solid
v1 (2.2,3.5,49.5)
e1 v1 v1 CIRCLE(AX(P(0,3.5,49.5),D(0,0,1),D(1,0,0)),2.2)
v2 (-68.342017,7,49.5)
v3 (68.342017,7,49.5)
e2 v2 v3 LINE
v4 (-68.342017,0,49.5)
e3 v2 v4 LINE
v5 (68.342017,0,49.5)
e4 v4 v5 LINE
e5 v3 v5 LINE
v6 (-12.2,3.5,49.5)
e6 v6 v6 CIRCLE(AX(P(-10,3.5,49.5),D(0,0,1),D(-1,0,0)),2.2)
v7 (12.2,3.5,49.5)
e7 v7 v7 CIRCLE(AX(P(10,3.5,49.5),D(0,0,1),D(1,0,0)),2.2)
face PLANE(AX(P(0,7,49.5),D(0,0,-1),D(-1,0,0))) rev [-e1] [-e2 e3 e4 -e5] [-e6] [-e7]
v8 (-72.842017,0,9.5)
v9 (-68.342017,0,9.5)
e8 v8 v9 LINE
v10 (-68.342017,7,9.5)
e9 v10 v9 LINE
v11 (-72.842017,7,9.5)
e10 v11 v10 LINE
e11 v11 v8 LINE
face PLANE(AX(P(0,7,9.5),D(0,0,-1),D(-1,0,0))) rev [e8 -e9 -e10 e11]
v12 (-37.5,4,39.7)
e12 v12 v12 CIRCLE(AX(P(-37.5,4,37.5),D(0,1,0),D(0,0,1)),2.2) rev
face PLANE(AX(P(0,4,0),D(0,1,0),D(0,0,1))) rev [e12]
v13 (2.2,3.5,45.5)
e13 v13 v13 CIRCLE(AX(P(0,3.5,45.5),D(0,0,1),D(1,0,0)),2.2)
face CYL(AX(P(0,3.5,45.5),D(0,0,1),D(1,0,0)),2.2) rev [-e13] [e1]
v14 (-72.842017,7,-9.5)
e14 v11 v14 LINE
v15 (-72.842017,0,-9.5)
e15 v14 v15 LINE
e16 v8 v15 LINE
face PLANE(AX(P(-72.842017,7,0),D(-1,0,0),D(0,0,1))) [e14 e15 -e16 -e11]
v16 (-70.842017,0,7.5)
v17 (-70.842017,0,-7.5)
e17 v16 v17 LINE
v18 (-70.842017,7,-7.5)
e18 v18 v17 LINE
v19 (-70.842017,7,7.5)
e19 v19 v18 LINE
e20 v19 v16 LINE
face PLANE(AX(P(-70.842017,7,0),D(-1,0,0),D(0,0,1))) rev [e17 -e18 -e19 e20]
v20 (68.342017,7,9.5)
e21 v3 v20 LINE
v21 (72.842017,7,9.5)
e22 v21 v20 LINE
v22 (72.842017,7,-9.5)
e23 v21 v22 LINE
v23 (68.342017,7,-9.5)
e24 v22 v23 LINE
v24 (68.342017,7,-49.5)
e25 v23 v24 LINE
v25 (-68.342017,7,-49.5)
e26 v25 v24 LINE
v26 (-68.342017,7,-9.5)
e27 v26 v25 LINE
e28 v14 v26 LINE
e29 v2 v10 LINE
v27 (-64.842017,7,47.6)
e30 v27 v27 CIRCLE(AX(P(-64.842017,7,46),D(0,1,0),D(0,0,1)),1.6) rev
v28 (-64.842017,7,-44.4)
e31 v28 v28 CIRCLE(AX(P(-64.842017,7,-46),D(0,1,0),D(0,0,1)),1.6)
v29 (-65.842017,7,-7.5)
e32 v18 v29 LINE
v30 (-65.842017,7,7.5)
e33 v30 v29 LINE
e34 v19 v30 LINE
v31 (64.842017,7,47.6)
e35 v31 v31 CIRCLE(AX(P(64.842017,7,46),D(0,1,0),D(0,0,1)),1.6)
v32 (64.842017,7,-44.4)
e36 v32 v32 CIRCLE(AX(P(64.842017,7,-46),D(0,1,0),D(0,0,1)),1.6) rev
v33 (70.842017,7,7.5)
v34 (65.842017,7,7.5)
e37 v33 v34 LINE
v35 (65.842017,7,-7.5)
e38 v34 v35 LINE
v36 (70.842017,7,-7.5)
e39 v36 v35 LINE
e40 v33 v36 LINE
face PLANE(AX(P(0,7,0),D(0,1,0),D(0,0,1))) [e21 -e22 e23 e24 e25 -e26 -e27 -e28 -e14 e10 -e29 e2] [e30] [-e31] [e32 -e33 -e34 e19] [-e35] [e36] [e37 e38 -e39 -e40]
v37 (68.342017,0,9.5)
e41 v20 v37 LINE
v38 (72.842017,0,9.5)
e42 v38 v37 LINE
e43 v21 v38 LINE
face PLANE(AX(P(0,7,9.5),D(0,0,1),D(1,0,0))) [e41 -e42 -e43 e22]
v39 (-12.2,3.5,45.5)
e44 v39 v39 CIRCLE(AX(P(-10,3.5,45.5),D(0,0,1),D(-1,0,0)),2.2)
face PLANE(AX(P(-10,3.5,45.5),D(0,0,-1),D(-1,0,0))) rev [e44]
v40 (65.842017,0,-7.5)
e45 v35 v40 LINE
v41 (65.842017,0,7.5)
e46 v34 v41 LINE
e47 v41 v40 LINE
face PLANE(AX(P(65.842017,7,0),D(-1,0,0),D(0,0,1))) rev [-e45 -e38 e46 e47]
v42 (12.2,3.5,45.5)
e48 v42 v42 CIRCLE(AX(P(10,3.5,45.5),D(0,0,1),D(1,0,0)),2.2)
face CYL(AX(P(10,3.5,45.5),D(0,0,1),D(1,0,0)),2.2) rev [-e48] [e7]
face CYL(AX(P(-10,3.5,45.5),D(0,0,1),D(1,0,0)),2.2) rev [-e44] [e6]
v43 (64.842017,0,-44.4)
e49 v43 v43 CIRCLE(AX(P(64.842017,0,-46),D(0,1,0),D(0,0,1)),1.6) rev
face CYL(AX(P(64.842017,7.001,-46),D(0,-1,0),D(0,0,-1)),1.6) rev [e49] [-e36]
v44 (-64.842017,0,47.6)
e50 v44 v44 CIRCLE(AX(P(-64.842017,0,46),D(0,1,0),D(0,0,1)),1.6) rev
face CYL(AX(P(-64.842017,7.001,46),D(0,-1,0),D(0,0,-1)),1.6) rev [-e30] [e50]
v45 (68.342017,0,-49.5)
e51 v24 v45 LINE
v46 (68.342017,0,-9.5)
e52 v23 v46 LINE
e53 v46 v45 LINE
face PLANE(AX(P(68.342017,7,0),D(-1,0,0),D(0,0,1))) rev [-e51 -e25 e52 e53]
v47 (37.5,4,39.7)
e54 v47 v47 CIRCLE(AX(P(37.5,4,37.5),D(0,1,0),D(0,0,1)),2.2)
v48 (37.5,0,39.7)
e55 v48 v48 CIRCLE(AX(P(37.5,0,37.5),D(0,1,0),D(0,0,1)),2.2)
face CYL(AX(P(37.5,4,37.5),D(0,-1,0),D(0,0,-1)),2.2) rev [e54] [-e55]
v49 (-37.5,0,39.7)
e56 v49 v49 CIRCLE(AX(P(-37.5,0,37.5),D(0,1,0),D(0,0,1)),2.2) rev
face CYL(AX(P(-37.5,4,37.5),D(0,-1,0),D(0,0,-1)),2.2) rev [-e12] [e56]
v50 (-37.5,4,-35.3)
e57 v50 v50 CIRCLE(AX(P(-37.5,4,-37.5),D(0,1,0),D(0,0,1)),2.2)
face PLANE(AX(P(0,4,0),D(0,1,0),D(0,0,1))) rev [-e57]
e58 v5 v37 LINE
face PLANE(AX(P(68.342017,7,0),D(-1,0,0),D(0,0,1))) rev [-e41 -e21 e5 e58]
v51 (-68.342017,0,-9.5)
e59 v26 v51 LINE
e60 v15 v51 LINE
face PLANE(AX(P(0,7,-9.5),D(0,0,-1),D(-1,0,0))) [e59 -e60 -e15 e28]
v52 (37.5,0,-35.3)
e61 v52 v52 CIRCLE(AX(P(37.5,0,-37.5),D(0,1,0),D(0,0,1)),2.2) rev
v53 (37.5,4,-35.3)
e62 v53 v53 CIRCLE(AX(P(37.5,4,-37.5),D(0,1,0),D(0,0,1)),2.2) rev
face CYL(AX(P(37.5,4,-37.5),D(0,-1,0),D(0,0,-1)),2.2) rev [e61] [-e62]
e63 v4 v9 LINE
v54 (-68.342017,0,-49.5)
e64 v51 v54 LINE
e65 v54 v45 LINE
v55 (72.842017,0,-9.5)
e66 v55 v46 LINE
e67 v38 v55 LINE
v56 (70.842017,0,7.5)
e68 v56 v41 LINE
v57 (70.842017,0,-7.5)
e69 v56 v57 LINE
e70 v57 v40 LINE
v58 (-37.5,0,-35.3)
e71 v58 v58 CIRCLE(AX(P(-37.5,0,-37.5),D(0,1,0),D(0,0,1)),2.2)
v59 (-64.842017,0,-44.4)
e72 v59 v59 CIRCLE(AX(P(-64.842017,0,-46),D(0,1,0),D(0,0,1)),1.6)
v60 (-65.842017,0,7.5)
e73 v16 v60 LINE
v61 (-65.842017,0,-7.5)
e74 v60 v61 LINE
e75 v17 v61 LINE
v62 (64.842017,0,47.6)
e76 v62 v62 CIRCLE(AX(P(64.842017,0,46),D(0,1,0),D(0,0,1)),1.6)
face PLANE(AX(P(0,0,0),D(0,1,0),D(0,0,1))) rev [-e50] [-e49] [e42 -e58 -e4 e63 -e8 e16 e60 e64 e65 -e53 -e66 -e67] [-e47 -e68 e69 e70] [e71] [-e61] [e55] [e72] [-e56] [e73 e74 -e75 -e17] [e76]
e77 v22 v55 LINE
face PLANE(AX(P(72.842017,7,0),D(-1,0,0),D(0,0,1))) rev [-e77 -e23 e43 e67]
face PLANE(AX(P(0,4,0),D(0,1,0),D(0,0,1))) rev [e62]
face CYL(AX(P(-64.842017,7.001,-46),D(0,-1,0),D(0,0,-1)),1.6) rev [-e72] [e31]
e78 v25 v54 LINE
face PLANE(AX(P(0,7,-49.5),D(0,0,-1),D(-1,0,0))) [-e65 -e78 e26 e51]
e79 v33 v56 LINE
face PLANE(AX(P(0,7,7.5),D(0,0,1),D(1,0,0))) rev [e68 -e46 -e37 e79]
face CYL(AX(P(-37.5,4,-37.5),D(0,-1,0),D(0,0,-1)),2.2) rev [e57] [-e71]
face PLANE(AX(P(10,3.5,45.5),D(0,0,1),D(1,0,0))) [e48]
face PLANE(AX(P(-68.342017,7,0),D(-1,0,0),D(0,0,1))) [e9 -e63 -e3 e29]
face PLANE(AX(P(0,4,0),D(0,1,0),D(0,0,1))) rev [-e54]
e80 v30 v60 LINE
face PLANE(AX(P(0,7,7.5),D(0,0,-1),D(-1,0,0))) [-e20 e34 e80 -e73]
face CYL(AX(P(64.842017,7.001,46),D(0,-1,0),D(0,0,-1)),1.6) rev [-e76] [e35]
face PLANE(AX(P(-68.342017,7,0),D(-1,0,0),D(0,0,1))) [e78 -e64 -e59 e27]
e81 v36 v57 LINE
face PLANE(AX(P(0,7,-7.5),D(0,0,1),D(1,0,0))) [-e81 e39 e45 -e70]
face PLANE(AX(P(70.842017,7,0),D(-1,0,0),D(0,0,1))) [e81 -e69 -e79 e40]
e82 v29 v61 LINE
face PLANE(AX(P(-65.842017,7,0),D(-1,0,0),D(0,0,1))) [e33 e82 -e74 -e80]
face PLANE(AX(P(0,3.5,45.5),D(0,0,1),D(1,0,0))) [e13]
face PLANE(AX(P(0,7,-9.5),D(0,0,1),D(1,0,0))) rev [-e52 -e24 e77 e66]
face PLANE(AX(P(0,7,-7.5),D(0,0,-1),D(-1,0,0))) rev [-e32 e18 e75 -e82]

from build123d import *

# Parameters (mm, degrees)
SKETCH1_W           = 5
SKETCH1_H           = 15
BOSS_EXTRUDE1_DEPTH = 7
CUT_EXTRUDE3_REACH  = 90.347
SKETCH3_R           = 1.6
SKETCH3_4_R         = 2.2
CUT_EXTRUDE4_DEPTH  = 4
SKETCH4_R           = 2.2
CUT_EXTRUDE5_DEPTH  = 4


with BuildPart() as part:
    # Sketch1 → Boss-Extrude1 (new body)
    with BuildSketch(Plane(origin=(0, 0, 0), x_dir=(1, 0, 0), z_dir=(0, 1, 0))):
        Polygon((-68.342017383, -9.5), (-68.342017383, -49.5), (68.342017383, -49.5), (68.342017383, -9.5), (72.842017383, -9.5), (72.842017383, 9.5), (68.342017383, 9.5), (68.342017383, 49.5), (-68.342017383, 49.5), (-68.342017383, 9.5), (-72.842017383, 9.5), (-72.842017383, -9.5), align=None)
        with Locations((-68.342017383, 0)):
            Rectangle(SKETCH1_W, SKETCH1_H, mode=Mode.SUBTRACT)
        with Locations((68.342017383, 0)):
            Rectangle(SKETCH1_W, SKETCH1_H, mode=Mode.SUBTRACT)
    extrude(amount=BOSS_EXTRUDE1_DEPTH)

    # Sketch3 → Cut-Extrude3 (cut, up to next)
    with BuildSketch(Plane(origin=(0, 0, 0), x_dir=(1, 0, 0), z_dir=(0, 1, 0)), mode=Mode.PRIVATE) as cut_extrude3_sk1:
        with Locations((64.842017383, -46)):
            Circle(SKETCH3_R)
    cut_extrude3_tool1 = extrude(cut_extrude3_sk1.sketch, amount=CUT_EXTRUDE3_REACH, mode=Mode.PRIVATE) & part.part
    # Sketch3 → Cut-Extrude3 (cut, up to next)
    with BuildSketch(Plane(origin=(0, 0, 0), x_dir=(1, 0, 0), z_dir=(0, 1, 0)), mode=Mode.PRIVATE) as cut_extrude3_sk2:
        with Locations((64.842017383, 46)):
            Circle(SKETCH3_R)
    cut_extrude3_tool2 = extrude(cut_extrude3_sk2.sketch, amount=CUT_EXTRUDE3_REACH, mode=Mode.PRIVATE) & part.part
    # Sketch3 → Cut-Extrude3 (cut, up to next)
    with BuildSketch(Plane(origin=(0, 0, 0), x_dir=(1, 0, 0), z_dir=(0, 1, 0)), mode=Mode.PRIVATE) as cut_extrude3_sk3:
        with Locations((-64.842017383, 46)):
            Circle(SKETCH3_R)
    cut_extrude3_tool3 = extrude(cut_extrude3_sk3.sketch, amount=CUT_EXTRUDE3_REACH, mode=Mode.PRIVATE) & part.part
    # Sketch3 → Cut-Extrude3 (cut, up to next)
    with BuildSketch(Plane(origin=(0, 0, 0), x_dir=(1, 0, 0), z_dir=(0, 1, 0)), mode=Mode.PRIVATE) as cut_extrude3_sk4:
        with Locations((-64.842017383, -46)):
            Circle(SKETCH3_R)
    cut_extrude3_tool4 = extrude(cut_extrude3_sk4.sketch, amount=CUT_EXTRUDE3_REACH, mode=Mode.PRIVATE) & part.part
    add(cut_extrude3_tool1.solids().sort_by_distance((64.842017, 0, 46))[0], mode=Mode.SUBTRACT)
    add(cut_extrude3_tool2.solids().sort_by_distance((64.842017, 0, -46))[0], mode=Mode.SUBTRACT)
    add(cut_extrude3_tool3.solids().sort_by_distance((-64.842017, 0, -46))[0], mode=Mode.SUBTRACT)
    add(cut_extrude3_tool4.solids().sort_by_distance((-64.842017, 0, 46))[0], mode=Mode.SUBTRACT)

    # Sketch3<4> → Cut-Extrude4 (cut)
    with BuildSketch(Plane(origin=(0, 0, 0), x_dir=(1, 0, 0), z_dir=(0, 1, 0))):
        with Locations((-37.5, 37.5)):
            Circle(SKETCH3_4_R)
        with Locations((37.5, 37.5)):
            Circle(SKETCH3_4_R)
        with Locations((37.5, -37.5)):
            Circle(SKETCH3_4_R)
        with Locations((-37.5, -37.5)):
            Circle(SKETCH3_4_R)
    extrude(amount=CUT_EXTRUDE4_DEPTH, mode=Mode.SUBTRACT)

    # Sketch4 → Cut-Extrude5 (cut)
    with BuildSketch(Plane.XY.offset(49.5)):
        with Locations((0, 3.5)):
            Circle(SKETCH4_R)
        with Locations((10, 3.5)):
            Circle(SKETCH4_R)
        with Locations((-10, 3.5)):
            Circle(SKETCH4_R)
    extrude(amount=-CUT_EXTRUDE5_DEPTH, mode=Mode.SUBTRACT)


solid = part.part
